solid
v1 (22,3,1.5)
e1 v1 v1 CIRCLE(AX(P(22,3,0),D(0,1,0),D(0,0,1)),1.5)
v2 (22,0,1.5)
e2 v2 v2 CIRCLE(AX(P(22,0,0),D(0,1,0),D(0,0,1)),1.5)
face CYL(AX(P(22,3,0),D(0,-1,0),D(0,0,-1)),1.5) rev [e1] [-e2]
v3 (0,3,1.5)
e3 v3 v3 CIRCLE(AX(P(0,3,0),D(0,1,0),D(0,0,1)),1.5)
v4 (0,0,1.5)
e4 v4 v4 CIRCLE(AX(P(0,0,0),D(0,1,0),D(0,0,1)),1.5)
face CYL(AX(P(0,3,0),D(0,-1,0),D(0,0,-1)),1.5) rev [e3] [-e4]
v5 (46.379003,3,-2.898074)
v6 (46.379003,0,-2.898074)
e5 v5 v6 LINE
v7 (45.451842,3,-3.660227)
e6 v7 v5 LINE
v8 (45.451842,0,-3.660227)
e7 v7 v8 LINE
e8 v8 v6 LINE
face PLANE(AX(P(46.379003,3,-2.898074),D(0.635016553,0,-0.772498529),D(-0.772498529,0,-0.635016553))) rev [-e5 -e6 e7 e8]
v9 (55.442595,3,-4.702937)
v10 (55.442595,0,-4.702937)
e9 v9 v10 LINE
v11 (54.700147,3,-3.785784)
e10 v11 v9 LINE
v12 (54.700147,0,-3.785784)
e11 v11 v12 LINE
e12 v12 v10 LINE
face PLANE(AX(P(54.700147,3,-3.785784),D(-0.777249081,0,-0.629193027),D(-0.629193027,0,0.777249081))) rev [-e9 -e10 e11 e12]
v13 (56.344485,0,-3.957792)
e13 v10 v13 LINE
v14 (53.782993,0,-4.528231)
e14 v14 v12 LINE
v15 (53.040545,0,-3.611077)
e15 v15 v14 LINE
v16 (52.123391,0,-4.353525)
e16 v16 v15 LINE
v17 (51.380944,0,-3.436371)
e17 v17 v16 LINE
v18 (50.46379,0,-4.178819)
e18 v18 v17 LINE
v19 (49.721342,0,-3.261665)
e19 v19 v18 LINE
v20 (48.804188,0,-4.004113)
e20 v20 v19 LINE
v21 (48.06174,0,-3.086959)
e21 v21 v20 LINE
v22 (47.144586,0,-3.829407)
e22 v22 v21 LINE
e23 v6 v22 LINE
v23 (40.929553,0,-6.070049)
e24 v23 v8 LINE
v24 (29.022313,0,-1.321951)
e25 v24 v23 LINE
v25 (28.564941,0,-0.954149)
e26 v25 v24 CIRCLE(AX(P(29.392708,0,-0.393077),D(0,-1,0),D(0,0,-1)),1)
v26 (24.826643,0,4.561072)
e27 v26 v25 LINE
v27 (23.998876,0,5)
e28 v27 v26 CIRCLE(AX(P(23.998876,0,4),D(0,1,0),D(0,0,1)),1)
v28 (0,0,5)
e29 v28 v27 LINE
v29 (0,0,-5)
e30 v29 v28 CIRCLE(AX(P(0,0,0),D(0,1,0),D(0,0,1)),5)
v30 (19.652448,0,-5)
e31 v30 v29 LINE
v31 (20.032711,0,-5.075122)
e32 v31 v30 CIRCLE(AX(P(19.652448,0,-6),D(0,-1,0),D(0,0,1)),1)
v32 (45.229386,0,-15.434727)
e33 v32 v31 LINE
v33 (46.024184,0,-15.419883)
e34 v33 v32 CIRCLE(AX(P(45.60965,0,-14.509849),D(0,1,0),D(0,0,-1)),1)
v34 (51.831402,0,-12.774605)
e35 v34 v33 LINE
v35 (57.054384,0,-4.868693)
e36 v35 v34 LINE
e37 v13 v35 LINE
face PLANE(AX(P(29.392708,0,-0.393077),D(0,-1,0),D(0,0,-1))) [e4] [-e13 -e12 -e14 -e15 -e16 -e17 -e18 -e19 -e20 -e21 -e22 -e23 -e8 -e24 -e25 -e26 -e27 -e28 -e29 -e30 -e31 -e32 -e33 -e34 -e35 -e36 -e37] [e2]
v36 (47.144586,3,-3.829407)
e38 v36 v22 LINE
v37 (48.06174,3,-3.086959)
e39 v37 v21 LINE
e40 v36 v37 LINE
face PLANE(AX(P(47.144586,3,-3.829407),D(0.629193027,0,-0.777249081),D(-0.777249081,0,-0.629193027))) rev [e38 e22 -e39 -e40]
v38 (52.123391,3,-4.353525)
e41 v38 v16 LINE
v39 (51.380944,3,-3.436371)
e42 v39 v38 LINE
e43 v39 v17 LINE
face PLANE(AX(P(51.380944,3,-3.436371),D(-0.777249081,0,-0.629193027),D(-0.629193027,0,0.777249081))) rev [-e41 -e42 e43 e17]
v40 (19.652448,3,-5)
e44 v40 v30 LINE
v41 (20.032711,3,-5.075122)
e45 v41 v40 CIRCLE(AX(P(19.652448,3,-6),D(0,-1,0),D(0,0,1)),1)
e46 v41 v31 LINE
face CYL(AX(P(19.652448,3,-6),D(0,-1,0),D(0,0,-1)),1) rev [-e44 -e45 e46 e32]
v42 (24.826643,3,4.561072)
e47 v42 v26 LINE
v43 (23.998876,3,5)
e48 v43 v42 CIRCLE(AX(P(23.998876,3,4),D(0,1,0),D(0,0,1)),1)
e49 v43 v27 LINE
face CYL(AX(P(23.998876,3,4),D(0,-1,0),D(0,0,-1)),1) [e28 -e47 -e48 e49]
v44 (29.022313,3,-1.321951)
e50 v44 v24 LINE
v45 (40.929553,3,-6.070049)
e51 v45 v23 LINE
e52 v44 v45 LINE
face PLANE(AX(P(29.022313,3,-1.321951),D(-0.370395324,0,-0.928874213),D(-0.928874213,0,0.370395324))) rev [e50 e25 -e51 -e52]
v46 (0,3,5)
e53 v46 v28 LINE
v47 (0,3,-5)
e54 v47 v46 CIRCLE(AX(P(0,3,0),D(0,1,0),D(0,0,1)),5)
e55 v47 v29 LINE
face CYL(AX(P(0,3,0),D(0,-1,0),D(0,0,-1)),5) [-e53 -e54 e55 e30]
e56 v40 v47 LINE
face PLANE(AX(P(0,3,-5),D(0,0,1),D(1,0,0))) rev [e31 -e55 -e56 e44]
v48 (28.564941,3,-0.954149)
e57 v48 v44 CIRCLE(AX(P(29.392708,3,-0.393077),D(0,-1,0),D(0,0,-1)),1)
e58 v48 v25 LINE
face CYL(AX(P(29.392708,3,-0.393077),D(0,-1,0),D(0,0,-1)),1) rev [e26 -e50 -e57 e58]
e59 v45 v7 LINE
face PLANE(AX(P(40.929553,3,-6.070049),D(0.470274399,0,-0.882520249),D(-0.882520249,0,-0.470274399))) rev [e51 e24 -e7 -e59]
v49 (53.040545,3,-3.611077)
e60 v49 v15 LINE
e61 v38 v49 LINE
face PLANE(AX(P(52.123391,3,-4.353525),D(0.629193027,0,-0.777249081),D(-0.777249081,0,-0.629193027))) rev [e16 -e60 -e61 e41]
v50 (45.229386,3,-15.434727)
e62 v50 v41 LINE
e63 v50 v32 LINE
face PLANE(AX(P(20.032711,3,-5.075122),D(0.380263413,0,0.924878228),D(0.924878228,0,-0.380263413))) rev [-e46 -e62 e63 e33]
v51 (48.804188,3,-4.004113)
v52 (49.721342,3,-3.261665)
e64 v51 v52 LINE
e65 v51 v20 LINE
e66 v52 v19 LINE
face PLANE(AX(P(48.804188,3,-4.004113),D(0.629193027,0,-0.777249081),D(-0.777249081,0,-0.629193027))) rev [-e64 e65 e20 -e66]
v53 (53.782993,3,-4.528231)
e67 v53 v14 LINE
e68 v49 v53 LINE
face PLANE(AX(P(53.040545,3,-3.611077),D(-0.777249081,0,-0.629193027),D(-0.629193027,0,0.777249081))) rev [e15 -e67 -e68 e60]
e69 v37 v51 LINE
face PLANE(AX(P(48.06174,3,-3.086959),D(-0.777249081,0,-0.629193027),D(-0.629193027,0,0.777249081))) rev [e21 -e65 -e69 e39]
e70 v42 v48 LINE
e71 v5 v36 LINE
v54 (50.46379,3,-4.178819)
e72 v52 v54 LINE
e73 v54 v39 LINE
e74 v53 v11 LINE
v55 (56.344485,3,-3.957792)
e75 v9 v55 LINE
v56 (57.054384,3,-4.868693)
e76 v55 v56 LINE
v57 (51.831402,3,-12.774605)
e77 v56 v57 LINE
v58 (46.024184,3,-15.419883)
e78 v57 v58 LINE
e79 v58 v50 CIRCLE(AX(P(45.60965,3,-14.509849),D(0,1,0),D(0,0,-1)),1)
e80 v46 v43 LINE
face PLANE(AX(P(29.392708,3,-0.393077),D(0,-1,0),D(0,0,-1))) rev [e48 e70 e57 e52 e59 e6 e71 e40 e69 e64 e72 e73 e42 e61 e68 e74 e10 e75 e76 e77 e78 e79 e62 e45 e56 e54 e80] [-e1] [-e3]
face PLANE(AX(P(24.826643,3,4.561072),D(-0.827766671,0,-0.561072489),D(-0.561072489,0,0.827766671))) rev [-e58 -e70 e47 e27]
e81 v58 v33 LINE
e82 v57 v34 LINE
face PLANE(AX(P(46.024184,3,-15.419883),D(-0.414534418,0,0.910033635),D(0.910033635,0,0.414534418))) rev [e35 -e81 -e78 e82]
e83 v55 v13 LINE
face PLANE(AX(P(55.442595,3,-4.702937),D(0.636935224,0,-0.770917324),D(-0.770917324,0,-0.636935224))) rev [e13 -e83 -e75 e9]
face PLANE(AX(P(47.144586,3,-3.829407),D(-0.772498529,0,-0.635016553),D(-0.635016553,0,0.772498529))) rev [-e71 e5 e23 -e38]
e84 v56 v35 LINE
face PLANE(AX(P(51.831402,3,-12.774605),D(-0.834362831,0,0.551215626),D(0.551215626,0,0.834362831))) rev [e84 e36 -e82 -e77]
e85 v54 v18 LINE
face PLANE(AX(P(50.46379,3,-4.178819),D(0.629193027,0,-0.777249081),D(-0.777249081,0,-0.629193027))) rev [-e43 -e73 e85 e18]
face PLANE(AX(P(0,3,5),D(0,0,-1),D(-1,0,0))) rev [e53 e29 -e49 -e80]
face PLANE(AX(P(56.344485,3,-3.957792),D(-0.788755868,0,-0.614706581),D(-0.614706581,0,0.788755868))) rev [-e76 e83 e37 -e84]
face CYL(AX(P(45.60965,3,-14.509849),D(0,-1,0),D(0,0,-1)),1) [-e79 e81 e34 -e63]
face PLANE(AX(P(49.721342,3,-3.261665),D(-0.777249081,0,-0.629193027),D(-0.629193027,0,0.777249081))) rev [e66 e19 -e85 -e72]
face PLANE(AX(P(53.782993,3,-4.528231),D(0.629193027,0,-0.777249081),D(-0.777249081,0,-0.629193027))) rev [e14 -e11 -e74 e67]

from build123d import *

# Parameters (mm, degrees)
SKETCH1_R           = 1.5
BOSS_EXTRUDE1_DEPTH = 3


with BuildPart() as part:
    # Sketch1 → Boss-Extrude1 (new body)
    with BuildSketch(Plane(origin=(0, 0, 0), x_dir=(1, 0, 0), z_dir=(0, 1, 0))):
        with BuildLine():
            Line((0, -5), (23.998875872, -5))
            ThreePointArc((23.998875872, -5), (24.467345461, -4.883479623), (24.826642543, -4.561072489))
            Line((24.826642543, -4.561072489), (28.564941326, 0.954149161))
            ThreePointArc((28.564941326, 0.954149161), (28.766036178, 1.172359953), (29.022312673, 1.321950886))
            Line((29.022312673, 1.321950886), (40.929553216, 6.070049343))
            Line((40.929553216, 6.070049343), (45.451842333, 3.660227249))
            Line((45.451842333, 3.660227249), (46.37900311, 2.898073771))
            Line((46.37900311, 2.898073771), (47.144586244, 3.829406729))
            Line((47.144586244, 3.829406729), (48.06174016, 3.086958957))
            Line((48.06174016, 3.086958957), (48.804187932, 4.004112872))
            Line((48.804187932, 4.004112872), (49.721341848, 3.2616651))
            Line((49.721341848, 3.2616651), (50.46378962, 4.178819016))
            Line((50.46378962, 4.178819016), (51.380943536, 3.436371244))
            Line((51.380943536, 3.436371244), (52.123391308, 4.35352516))
            Line((52.123391308, 4.35352516), (53.040545224, 3.611077387))
            Line((53.040545224, 3.611077387), (53.782992996, 4.528231303))
            Line((53.782992996, 4.528231303), (54.700146912, 3.785783531))
            Line((54.700146912, 3.785783531), (55.442594685, 4.702937447))
            Line((55.442594685, 4.702937447), (56.34448506, 3.957791721))
            Line((56.34448506, 3.957791721), (57.05438411, 4.868693049))
            Line((57.05438411, 4.868693049), (51.831402108, 12.774604725))
            Line((51.831402108, 12.774604725), (46.024183924, 15.419882568))
            ThreePointArc((46.024183924, 15.419882568), (45.628323444, 15.509674561), (45.229386093, 15.434727162))
            Line((45.229386093, 15.434727162), (20.032711481, 5.075121772))
            ThreePointArc((20.032711481, 5.075121772), (19.846254378, 5.018960187), (19.652448068, 5))
            Line((19.652448068, 5), (0, 5))
            ThreePointArc((0, 5), (-5, 0), (0, -5))
        make_face()
        with Locations(Location((0, 0, 0), (0, 0, 270))):
            Circle(SKETCH1_R, mode=Mode.SUBTRACT)
        with Locations(Location((22, 0, 0), (0, 0, 270))):
            Circle(SKETCH1_R, mode=Mode.SUBTRACT)
    extrude(amount=BOSS_EXTRUDE1_DEPTH)


solid = part.part
